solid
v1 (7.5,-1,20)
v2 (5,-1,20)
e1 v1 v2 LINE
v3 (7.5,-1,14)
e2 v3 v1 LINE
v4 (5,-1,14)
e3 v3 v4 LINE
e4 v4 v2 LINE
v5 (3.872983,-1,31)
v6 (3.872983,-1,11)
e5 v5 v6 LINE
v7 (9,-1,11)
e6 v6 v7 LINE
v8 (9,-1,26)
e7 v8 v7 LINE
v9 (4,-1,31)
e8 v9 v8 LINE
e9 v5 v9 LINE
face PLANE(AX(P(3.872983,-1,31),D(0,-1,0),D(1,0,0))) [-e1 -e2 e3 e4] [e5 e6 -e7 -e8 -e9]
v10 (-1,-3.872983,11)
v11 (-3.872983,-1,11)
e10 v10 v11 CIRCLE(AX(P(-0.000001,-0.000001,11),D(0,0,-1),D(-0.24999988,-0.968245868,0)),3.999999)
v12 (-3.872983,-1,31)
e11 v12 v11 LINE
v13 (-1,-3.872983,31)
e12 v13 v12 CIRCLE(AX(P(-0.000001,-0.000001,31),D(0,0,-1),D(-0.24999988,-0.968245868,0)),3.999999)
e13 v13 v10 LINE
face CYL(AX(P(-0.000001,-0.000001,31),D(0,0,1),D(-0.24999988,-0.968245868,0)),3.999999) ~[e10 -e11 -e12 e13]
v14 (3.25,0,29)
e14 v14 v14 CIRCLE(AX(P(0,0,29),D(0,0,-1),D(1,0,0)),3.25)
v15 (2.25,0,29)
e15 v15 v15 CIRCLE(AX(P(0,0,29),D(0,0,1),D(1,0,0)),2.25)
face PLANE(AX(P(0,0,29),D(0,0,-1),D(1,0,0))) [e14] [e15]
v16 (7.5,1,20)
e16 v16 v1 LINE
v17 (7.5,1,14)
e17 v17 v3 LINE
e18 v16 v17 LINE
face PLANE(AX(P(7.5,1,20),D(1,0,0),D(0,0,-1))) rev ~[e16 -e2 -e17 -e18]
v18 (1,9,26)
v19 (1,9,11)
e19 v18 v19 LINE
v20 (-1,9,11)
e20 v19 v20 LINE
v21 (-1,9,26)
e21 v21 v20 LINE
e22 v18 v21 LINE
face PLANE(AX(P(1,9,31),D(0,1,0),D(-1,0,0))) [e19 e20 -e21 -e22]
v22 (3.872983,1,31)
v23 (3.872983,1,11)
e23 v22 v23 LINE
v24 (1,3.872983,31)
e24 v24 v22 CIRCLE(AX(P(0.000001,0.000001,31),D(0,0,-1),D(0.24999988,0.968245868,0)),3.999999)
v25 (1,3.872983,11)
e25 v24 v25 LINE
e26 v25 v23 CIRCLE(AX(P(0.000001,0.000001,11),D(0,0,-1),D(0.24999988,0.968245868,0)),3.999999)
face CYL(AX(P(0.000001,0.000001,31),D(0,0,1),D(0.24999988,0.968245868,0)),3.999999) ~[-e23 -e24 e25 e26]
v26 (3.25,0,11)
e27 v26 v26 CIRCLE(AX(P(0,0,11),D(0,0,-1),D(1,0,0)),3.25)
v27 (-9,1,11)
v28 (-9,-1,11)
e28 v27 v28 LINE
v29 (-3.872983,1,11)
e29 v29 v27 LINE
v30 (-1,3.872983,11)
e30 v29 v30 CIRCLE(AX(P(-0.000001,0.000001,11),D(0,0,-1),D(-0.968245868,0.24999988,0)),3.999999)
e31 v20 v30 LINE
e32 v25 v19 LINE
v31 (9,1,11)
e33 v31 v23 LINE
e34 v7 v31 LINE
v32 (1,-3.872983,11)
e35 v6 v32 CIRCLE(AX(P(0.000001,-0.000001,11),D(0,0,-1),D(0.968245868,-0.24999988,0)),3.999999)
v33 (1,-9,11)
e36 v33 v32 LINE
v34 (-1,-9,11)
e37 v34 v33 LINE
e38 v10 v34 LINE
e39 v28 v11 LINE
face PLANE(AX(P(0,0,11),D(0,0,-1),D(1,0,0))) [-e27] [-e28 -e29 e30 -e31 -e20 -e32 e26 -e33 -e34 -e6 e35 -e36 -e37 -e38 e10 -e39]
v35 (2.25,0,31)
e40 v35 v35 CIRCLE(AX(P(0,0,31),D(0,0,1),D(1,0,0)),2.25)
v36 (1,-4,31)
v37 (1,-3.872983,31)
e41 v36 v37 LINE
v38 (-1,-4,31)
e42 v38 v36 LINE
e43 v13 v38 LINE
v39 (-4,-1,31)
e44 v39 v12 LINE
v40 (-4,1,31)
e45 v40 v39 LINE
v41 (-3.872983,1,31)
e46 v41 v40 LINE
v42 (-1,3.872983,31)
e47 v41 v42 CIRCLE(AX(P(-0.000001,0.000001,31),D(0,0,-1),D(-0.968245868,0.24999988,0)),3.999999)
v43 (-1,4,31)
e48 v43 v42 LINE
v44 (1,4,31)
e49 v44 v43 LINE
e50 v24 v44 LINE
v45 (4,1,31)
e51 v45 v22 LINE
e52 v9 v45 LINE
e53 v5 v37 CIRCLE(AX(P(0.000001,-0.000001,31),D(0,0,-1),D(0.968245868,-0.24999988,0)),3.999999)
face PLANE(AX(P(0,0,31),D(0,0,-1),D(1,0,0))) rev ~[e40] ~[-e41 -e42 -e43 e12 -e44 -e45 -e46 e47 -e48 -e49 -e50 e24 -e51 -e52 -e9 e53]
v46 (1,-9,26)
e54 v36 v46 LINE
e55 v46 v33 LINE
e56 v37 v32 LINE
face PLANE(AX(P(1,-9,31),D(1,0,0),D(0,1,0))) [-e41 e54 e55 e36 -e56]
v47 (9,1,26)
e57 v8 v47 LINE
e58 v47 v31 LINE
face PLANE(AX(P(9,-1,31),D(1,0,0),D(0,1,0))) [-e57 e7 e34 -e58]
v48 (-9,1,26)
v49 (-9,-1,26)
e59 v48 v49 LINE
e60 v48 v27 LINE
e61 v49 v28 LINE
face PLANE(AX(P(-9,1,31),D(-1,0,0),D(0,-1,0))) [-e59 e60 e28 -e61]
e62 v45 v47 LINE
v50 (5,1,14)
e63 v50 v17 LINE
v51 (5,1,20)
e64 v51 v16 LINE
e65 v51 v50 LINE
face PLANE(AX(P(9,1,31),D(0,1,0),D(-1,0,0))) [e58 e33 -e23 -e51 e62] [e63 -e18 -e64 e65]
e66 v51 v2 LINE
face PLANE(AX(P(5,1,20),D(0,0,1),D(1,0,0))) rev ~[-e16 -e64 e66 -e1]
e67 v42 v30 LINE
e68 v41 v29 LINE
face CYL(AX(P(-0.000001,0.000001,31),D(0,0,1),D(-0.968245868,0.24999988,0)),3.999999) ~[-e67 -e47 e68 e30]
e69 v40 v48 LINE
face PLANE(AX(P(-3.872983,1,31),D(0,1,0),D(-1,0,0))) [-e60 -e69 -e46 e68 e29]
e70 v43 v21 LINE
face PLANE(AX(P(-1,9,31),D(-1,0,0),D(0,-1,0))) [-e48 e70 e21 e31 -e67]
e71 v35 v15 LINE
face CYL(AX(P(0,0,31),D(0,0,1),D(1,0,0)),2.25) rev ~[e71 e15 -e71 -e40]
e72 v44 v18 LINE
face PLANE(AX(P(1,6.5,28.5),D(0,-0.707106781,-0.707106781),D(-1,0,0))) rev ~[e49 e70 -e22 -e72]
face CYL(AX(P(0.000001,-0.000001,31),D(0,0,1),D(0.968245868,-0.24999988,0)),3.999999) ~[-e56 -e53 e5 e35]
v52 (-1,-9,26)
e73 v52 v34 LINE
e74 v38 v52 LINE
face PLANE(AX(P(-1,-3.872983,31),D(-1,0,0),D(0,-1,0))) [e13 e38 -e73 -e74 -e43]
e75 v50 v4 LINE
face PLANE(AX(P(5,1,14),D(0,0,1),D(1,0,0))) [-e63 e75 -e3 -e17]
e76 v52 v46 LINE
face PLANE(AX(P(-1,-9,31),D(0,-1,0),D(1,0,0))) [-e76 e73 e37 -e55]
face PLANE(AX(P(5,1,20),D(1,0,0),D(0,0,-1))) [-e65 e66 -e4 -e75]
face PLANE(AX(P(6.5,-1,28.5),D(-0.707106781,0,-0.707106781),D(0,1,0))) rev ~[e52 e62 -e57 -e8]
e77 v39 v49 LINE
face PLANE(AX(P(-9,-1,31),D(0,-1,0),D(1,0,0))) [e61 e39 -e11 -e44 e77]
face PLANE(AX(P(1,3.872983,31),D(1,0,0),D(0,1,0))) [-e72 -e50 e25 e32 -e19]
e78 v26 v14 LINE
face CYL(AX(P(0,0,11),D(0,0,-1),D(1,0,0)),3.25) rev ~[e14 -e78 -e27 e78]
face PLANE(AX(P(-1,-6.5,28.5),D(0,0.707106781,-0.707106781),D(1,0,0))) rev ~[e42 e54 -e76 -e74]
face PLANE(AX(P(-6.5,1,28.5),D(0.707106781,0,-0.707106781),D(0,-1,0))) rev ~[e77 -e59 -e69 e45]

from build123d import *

# Parameters (mm, degrees)
PAD_DEPTH            = 20
SKETCH001_W          = 2.5
SKETCH001_H          = 6
POCKET_DEPTH         = 10.001
SKETCH002_R          = 3.25
POCKET001_DEPTH      = 18
SKETCH003_R          = 2.25
POCKET002_DEPTH      = 2
CHAMFER_SIZE         = 5
BODY_PLACEMENT_ANGLE = 180


with BuildPart() as part:
    # Sketch → Pad (new body)
    with BuildSketch(Plane.XY):
        with BuildLine():
            ThreePointArc((-3.872983, -1), (-2.828427, -2.828427), (-1, -3.872983))
            Line((-1, -9), (-1, -3.872983))
            Line((1, -9), (-1, -9))
            Line((1, -3.872983), (1, -9))
            ThreePointArc((1, -3.872983), (2.828427, -2.828427), (3.872983, -1))
            Line((9, -1), (3.872983, -1))
            Line((9, 1), (9, -1))
            Line((3.872983, 1), (9, 1))
            ThreePointArc((3.872983, 1), (2.828427, 2.828427), (1, 3.872983))
            Line((1, 9), (1, 3.872983))
            Line((-1, 9), (1, 9))
            Line((-1, 3.872983), (-1, 9))
            ThreePointArc((-1, 3.872983), (-2.828427, 2.828427), (-3.872983, 1))
            Line((-9, 1), (-3.872983, 1))
            Line((-9, -1), (-9, 1))
            Line((-3.872983, -1), (-9, -1))
        make_face()
    extrude(amount=PAD_DEPTH)

    # Sketch001 (on Face6 of Pad) → Pocket (cut, through all)
    with BuildSketch(Plane.XZ.offset(1)):
        with Locations((6.25, 14)):
            Rectangle(SKETCH001_W, SKETCH001_H)
    extrude(amount=-POCKET_DEPTH, mode=Mode.SUBTRACT)

    # Sketch002 (on Face5 of Pocket) → Pocket001 (cut)
    with BuildSketch(Plane.XY.offset(20)):
        Circle(SKETCH002_R)
    extrude(amount=-POCKET001_DEPTH, mode=Mode.SUBTRACT)

    # Sketch003 (on Face4 of Pocket001) → Pocket002 (cut)
    with BuildSketch(Plane(origin=(0, 0, 0), x_dir=(1, 0, 0), z_dir=(0, 0, -1))):
        Circle(SKETCH003_R)
    extrude(amount=-POCKET002_DEPTH, mode=Mode.SUBTRACT)

    # Chamfer
    chamfer_edges = [part.edges().sort_by_distance(p)[0] for p in [
        (-9, 0, 0),
        (0, -9, 0),
        (9, 0, 0),
        (0, 9, 0),
    ]]
    chamfer(chamfer_edges, length=CHAMFER_SIZE)


with BuildPart() as part_1:
    # Body placement: moved
    add(part.part.moved(Location((0, 0, 31))).rotate(Axis((0, 0, 31), (1, 0, 0)), BODY_PLACEMENT_ANGLE))


solid = part_1.part
